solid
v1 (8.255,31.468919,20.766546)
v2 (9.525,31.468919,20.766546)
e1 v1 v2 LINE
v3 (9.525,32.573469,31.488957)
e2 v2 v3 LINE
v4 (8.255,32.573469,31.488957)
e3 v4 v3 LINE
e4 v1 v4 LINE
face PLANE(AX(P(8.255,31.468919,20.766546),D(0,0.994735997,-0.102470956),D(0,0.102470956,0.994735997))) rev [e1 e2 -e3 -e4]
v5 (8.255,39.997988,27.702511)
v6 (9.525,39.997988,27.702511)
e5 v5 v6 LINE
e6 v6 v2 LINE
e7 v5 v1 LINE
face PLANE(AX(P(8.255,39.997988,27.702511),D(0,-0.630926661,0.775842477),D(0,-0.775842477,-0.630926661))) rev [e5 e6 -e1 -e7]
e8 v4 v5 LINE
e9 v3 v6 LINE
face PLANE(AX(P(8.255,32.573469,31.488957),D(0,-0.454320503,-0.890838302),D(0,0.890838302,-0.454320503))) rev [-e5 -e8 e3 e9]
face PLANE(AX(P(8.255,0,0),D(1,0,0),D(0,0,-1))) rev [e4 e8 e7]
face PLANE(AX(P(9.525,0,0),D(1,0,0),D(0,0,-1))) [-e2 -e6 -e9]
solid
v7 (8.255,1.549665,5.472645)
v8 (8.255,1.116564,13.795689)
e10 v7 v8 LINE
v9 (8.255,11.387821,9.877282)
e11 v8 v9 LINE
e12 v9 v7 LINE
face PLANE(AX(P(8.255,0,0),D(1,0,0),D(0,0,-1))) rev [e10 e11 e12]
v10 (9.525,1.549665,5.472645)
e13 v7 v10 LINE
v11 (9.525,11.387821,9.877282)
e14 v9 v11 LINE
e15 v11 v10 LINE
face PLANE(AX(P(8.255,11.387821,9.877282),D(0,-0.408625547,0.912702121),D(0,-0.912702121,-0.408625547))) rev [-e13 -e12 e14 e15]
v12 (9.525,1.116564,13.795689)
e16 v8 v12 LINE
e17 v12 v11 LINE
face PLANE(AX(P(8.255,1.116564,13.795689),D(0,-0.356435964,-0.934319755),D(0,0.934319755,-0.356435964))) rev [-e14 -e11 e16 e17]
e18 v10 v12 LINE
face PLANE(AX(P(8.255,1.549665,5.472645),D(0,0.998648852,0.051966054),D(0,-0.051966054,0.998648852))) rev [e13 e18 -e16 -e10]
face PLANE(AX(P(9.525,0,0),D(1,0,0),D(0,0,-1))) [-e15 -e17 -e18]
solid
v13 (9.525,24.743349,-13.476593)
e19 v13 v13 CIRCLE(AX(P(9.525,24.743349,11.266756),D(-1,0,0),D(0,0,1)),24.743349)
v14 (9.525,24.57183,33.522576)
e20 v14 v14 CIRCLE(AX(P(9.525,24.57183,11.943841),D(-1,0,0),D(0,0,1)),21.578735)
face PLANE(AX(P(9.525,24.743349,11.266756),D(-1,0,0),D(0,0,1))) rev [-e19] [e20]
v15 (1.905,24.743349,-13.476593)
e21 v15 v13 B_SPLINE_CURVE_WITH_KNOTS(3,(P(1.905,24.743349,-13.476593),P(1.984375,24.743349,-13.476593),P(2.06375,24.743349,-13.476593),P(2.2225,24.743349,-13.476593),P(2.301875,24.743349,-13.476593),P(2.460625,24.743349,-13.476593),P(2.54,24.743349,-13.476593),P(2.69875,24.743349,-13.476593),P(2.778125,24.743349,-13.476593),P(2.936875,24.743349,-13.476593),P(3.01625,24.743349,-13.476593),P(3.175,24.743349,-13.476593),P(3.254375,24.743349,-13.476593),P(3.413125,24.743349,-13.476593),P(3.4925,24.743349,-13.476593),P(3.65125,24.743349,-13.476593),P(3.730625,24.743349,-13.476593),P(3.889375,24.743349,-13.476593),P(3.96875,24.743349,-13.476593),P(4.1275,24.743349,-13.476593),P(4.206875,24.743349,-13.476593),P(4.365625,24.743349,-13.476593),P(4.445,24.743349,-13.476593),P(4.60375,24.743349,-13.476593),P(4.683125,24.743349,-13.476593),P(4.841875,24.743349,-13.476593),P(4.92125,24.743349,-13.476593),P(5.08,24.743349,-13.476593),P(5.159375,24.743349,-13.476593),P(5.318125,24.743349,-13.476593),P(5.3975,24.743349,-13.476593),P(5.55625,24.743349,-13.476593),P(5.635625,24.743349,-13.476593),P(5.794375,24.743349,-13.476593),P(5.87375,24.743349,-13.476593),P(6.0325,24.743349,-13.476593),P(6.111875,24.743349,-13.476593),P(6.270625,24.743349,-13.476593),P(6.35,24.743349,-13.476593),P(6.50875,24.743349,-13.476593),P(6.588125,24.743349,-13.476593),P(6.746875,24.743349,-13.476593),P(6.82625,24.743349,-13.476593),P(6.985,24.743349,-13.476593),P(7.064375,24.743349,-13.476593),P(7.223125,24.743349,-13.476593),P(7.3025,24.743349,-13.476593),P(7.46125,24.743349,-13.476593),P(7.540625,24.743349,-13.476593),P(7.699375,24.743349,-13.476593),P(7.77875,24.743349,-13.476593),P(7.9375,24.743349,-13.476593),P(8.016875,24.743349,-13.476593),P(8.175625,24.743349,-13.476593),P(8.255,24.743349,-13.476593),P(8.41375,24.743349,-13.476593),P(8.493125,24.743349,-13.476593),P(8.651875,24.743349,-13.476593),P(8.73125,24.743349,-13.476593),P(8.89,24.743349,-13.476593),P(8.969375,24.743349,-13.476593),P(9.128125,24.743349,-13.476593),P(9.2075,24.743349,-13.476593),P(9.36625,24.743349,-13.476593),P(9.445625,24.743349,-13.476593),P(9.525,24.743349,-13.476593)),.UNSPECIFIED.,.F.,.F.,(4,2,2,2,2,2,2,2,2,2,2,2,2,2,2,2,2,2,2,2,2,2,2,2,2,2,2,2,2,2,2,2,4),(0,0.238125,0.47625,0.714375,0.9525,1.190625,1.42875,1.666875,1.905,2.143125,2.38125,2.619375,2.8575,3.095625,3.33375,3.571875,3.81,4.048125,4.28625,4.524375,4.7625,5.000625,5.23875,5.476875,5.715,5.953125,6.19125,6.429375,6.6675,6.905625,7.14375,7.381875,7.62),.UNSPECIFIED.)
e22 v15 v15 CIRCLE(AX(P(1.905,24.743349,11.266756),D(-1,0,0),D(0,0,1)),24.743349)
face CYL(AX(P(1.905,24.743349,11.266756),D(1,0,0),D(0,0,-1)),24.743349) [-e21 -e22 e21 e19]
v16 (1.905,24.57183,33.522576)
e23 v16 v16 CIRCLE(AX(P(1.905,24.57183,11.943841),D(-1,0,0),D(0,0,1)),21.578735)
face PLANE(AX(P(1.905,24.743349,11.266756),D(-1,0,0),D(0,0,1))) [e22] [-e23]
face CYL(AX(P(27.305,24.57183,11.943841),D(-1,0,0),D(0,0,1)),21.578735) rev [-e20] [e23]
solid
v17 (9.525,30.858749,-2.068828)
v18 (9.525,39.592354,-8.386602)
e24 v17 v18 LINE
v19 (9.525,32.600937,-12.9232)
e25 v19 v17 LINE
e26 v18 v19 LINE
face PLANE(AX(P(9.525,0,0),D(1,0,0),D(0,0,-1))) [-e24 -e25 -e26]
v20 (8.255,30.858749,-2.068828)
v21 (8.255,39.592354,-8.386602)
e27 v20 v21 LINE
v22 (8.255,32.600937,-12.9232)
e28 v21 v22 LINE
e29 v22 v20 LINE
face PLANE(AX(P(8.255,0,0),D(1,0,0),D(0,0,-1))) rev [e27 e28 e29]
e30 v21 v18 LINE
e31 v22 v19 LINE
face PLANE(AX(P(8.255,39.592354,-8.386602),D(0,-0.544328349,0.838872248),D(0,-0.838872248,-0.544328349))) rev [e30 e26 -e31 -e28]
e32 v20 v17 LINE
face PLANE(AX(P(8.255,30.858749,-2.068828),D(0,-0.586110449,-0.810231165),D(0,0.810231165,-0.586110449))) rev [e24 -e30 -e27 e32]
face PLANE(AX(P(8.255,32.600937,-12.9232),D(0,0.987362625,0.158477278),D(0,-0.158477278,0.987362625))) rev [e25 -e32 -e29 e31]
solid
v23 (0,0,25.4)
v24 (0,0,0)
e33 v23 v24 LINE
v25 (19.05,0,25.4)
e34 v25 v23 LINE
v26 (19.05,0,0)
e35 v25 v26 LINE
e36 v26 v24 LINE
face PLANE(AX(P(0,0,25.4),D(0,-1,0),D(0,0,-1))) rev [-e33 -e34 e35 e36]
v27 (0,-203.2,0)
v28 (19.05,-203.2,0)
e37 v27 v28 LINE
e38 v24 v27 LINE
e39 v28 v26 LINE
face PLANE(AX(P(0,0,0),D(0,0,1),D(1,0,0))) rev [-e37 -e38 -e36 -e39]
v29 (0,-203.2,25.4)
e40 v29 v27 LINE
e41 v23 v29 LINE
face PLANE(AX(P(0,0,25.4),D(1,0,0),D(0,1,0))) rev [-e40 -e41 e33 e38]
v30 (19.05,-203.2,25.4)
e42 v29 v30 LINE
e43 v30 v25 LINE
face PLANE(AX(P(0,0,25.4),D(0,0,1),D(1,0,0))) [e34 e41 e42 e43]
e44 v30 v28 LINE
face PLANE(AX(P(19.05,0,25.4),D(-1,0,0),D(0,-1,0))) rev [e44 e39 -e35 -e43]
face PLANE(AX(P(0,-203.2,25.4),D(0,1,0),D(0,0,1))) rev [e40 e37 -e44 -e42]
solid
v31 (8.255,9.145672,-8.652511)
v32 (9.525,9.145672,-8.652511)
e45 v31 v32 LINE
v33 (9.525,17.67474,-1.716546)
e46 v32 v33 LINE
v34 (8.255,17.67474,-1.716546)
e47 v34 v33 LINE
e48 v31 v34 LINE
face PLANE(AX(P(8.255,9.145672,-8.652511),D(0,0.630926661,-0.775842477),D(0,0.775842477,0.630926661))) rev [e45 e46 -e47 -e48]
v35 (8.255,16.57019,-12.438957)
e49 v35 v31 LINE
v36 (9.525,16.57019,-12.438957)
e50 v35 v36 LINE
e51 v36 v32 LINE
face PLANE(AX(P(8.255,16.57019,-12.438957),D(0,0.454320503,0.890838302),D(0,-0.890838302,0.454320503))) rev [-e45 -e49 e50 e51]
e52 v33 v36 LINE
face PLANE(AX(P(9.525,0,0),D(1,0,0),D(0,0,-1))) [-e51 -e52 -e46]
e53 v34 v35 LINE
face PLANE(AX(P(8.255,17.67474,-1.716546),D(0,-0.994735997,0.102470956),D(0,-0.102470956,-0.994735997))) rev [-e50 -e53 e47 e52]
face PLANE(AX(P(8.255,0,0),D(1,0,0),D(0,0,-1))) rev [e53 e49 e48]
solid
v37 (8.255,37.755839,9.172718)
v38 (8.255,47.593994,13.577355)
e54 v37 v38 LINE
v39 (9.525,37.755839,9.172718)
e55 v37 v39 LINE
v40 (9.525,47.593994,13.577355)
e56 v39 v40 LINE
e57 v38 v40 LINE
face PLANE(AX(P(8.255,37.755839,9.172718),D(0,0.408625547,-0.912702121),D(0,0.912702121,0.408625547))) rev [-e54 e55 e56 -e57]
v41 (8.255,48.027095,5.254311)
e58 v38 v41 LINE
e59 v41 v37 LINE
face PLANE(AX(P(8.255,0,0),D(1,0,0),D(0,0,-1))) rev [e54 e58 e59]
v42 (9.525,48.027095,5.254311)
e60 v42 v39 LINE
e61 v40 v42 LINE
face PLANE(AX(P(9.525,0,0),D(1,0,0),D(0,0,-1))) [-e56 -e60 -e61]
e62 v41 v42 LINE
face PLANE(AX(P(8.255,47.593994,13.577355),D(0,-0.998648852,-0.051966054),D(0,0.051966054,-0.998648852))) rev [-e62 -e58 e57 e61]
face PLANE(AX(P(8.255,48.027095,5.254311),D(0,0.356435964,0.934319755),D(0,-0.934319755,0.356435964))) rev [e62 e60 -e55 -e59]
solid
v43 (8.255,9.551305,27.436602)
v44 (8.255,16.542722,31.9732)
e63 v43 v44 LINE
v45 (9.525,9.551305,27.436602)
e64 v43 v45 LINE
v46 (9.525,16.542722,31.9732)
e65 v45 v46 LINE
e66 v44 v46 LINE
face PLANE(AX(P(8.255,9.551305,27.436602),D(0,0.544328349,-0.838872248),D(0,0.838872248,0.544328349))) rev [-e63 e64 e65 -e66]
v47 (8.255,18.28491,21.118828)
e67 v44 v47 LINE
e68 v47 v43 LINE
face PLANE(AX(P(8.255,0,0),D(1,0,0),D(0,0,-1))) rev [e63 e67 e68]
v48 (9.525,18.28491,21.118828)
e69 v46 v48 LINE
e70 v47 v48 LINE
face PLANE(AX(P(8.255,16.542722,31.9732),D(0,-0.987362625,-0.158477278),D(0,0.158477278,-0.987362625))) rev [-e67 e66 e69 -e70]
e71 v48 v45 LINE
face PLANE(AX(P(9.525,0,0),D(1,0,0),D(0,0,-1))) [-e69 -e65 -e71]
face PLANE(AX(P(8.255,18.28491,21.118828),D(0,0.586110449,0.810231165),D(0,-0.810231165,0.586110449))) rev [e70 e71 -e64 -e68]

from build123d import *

# Parameters (mm, degrees)
SKETCH1_W             = 19.05
SKETCH1_H             = 203.2
BOSS_EXTRUDE1_DEPTH   = 25.4
SKETCH3_R             = 24.743349468
BOSS_EXTRUDE2_DEPTH   = 7.62
SKETCH4_R             = 21.578734867
CUT_EXTRUDE1_DEPTH    = 25.4
BOSS_EXTRUDE3_DEPTH   = 1.27
BOSS_EXTRUDE3_2_DEPTH = 1.27
BOSS_EXTRUDE3_3_DEPTH = 1.27
BOSS_EXTRUDE3_4_DEPTH = 1.27
BOSS_EXTRUDE3_5_DEPTH = 1.27
BOSS_EXTRUDE3_6_DEPTH = 1.27


with BuildPart() as part:
    # Sketch1 → Boss-Extrude1 (new body)
    with BuildSketch(Plane.XY):
        with Locations((9.525, -101.6)):
            Rectangle(SKETCH1_W, SKETCH1_H)
    extrude(amount=BOSS_EXTRUDE1_DEPTH)


with BuildPart() as body_2:
    # Sketch3 → Boss-Extrude2 (new body)
    with BuildSketch(Plane.ZY.offset(-9.525)):
        with Locations(Location((11.266756012, 24.743349468, 0), (0, 0, 180))):
            Circle(SKETCH3_R)
    extrude(amount=BOSS_EXTRUDE2_DEPTH)

    # Sketch4 → Cut-Extrude1 (cut)
    with BuildSketch(Plane.ZY.offset(-1.905)):
        with Locations((11.943841143, 24.571829641)):
            Circle(SKETCH4_R)
    extrude(amount=-CUT_EXTRUDE1_DEPTH, mode=Mode.SUBTRACT)


with BuildPart() as body_3:
    # Sketch5 → Boss-Extrude3 (new body)
    with BuildSketch(Plane.ZY.offset(-9.525)):
        Polygon((31.973200377, 16.542722148), (21.118827786, 18.284910257), (27.436601801, 9.551304828), align=None)
    extrude(amount=BOSS_EXTRUDE3_DEPTH)


with BuildPart() as body_4:
    # Sketch5 → Boss-Extrude3 2 (new body)
    with BuildSketch(Plane.ZY.offset(-9.525)):
        Polygon((13.79568913, 1.116564099), (9.877281995, 11.387820559), (5.472644835, 1.549665052), align=None)
    extrude(amount=BOSS_EXTRUDE3_2_DEPTH)


with BuildPart() as body_5:
    # Sketch5 → Boss-Extrude3 3 (new body)
    with BuildSketch(Plane.ZY.offset(-9.525)):
        Polygon((-8.652511246, 9.145671591), (-1.716545791, 17.674739943), (-12.438956966, 16.570189865), align=None)
    extrude(amount=BOSS_EXTRUDE3_3_DEPTH)


with BuildPart() as body_6:
    # Sketch5 → Boss-Extrude3 4 (new body)
    with BuildSketch(Plane.ZY.offset(-9.525)):
        Polygon((-12.923200377, 32.600937133), (-2.068827786, 30.858749025), (-8.386601801, 39.592354453), align=None)
    extrude(amount=BOSS_EXTRUDE3_4_DEPTH)


with BuildPart() as body_7:
    # Sketch5 → Boss-Extrude3 5 (new body)
    with BuildSketch(Plane.ZY.offset(-9.525)):
        Polygon((5.25431087, 48.027095182), (9.172718005, 37.755838723), (13.577355165, 47.593994229), align=None)
    extrude(amount=BOSS_EXTRUDE3_5_DEPTH)


with BuildPart() as body_8:
    # Sketch5 → Boss-Extrude3 6 (new body)
    with BuildSketch(Plane.ZY.offset(-9.525)):
        Polygon((27.702511246, 39.99798769), (20.766545791, 31.468919339), (31.488956966, 32.573469417), align=None)
    extrude(amount=BOSS_EXTRUDE3_6_DEPTH)


solid = Compound([part.part, body_2.part, body_3.part, body_4.part, body_5.part, body_6.part, body_7.part, body_8.part])
